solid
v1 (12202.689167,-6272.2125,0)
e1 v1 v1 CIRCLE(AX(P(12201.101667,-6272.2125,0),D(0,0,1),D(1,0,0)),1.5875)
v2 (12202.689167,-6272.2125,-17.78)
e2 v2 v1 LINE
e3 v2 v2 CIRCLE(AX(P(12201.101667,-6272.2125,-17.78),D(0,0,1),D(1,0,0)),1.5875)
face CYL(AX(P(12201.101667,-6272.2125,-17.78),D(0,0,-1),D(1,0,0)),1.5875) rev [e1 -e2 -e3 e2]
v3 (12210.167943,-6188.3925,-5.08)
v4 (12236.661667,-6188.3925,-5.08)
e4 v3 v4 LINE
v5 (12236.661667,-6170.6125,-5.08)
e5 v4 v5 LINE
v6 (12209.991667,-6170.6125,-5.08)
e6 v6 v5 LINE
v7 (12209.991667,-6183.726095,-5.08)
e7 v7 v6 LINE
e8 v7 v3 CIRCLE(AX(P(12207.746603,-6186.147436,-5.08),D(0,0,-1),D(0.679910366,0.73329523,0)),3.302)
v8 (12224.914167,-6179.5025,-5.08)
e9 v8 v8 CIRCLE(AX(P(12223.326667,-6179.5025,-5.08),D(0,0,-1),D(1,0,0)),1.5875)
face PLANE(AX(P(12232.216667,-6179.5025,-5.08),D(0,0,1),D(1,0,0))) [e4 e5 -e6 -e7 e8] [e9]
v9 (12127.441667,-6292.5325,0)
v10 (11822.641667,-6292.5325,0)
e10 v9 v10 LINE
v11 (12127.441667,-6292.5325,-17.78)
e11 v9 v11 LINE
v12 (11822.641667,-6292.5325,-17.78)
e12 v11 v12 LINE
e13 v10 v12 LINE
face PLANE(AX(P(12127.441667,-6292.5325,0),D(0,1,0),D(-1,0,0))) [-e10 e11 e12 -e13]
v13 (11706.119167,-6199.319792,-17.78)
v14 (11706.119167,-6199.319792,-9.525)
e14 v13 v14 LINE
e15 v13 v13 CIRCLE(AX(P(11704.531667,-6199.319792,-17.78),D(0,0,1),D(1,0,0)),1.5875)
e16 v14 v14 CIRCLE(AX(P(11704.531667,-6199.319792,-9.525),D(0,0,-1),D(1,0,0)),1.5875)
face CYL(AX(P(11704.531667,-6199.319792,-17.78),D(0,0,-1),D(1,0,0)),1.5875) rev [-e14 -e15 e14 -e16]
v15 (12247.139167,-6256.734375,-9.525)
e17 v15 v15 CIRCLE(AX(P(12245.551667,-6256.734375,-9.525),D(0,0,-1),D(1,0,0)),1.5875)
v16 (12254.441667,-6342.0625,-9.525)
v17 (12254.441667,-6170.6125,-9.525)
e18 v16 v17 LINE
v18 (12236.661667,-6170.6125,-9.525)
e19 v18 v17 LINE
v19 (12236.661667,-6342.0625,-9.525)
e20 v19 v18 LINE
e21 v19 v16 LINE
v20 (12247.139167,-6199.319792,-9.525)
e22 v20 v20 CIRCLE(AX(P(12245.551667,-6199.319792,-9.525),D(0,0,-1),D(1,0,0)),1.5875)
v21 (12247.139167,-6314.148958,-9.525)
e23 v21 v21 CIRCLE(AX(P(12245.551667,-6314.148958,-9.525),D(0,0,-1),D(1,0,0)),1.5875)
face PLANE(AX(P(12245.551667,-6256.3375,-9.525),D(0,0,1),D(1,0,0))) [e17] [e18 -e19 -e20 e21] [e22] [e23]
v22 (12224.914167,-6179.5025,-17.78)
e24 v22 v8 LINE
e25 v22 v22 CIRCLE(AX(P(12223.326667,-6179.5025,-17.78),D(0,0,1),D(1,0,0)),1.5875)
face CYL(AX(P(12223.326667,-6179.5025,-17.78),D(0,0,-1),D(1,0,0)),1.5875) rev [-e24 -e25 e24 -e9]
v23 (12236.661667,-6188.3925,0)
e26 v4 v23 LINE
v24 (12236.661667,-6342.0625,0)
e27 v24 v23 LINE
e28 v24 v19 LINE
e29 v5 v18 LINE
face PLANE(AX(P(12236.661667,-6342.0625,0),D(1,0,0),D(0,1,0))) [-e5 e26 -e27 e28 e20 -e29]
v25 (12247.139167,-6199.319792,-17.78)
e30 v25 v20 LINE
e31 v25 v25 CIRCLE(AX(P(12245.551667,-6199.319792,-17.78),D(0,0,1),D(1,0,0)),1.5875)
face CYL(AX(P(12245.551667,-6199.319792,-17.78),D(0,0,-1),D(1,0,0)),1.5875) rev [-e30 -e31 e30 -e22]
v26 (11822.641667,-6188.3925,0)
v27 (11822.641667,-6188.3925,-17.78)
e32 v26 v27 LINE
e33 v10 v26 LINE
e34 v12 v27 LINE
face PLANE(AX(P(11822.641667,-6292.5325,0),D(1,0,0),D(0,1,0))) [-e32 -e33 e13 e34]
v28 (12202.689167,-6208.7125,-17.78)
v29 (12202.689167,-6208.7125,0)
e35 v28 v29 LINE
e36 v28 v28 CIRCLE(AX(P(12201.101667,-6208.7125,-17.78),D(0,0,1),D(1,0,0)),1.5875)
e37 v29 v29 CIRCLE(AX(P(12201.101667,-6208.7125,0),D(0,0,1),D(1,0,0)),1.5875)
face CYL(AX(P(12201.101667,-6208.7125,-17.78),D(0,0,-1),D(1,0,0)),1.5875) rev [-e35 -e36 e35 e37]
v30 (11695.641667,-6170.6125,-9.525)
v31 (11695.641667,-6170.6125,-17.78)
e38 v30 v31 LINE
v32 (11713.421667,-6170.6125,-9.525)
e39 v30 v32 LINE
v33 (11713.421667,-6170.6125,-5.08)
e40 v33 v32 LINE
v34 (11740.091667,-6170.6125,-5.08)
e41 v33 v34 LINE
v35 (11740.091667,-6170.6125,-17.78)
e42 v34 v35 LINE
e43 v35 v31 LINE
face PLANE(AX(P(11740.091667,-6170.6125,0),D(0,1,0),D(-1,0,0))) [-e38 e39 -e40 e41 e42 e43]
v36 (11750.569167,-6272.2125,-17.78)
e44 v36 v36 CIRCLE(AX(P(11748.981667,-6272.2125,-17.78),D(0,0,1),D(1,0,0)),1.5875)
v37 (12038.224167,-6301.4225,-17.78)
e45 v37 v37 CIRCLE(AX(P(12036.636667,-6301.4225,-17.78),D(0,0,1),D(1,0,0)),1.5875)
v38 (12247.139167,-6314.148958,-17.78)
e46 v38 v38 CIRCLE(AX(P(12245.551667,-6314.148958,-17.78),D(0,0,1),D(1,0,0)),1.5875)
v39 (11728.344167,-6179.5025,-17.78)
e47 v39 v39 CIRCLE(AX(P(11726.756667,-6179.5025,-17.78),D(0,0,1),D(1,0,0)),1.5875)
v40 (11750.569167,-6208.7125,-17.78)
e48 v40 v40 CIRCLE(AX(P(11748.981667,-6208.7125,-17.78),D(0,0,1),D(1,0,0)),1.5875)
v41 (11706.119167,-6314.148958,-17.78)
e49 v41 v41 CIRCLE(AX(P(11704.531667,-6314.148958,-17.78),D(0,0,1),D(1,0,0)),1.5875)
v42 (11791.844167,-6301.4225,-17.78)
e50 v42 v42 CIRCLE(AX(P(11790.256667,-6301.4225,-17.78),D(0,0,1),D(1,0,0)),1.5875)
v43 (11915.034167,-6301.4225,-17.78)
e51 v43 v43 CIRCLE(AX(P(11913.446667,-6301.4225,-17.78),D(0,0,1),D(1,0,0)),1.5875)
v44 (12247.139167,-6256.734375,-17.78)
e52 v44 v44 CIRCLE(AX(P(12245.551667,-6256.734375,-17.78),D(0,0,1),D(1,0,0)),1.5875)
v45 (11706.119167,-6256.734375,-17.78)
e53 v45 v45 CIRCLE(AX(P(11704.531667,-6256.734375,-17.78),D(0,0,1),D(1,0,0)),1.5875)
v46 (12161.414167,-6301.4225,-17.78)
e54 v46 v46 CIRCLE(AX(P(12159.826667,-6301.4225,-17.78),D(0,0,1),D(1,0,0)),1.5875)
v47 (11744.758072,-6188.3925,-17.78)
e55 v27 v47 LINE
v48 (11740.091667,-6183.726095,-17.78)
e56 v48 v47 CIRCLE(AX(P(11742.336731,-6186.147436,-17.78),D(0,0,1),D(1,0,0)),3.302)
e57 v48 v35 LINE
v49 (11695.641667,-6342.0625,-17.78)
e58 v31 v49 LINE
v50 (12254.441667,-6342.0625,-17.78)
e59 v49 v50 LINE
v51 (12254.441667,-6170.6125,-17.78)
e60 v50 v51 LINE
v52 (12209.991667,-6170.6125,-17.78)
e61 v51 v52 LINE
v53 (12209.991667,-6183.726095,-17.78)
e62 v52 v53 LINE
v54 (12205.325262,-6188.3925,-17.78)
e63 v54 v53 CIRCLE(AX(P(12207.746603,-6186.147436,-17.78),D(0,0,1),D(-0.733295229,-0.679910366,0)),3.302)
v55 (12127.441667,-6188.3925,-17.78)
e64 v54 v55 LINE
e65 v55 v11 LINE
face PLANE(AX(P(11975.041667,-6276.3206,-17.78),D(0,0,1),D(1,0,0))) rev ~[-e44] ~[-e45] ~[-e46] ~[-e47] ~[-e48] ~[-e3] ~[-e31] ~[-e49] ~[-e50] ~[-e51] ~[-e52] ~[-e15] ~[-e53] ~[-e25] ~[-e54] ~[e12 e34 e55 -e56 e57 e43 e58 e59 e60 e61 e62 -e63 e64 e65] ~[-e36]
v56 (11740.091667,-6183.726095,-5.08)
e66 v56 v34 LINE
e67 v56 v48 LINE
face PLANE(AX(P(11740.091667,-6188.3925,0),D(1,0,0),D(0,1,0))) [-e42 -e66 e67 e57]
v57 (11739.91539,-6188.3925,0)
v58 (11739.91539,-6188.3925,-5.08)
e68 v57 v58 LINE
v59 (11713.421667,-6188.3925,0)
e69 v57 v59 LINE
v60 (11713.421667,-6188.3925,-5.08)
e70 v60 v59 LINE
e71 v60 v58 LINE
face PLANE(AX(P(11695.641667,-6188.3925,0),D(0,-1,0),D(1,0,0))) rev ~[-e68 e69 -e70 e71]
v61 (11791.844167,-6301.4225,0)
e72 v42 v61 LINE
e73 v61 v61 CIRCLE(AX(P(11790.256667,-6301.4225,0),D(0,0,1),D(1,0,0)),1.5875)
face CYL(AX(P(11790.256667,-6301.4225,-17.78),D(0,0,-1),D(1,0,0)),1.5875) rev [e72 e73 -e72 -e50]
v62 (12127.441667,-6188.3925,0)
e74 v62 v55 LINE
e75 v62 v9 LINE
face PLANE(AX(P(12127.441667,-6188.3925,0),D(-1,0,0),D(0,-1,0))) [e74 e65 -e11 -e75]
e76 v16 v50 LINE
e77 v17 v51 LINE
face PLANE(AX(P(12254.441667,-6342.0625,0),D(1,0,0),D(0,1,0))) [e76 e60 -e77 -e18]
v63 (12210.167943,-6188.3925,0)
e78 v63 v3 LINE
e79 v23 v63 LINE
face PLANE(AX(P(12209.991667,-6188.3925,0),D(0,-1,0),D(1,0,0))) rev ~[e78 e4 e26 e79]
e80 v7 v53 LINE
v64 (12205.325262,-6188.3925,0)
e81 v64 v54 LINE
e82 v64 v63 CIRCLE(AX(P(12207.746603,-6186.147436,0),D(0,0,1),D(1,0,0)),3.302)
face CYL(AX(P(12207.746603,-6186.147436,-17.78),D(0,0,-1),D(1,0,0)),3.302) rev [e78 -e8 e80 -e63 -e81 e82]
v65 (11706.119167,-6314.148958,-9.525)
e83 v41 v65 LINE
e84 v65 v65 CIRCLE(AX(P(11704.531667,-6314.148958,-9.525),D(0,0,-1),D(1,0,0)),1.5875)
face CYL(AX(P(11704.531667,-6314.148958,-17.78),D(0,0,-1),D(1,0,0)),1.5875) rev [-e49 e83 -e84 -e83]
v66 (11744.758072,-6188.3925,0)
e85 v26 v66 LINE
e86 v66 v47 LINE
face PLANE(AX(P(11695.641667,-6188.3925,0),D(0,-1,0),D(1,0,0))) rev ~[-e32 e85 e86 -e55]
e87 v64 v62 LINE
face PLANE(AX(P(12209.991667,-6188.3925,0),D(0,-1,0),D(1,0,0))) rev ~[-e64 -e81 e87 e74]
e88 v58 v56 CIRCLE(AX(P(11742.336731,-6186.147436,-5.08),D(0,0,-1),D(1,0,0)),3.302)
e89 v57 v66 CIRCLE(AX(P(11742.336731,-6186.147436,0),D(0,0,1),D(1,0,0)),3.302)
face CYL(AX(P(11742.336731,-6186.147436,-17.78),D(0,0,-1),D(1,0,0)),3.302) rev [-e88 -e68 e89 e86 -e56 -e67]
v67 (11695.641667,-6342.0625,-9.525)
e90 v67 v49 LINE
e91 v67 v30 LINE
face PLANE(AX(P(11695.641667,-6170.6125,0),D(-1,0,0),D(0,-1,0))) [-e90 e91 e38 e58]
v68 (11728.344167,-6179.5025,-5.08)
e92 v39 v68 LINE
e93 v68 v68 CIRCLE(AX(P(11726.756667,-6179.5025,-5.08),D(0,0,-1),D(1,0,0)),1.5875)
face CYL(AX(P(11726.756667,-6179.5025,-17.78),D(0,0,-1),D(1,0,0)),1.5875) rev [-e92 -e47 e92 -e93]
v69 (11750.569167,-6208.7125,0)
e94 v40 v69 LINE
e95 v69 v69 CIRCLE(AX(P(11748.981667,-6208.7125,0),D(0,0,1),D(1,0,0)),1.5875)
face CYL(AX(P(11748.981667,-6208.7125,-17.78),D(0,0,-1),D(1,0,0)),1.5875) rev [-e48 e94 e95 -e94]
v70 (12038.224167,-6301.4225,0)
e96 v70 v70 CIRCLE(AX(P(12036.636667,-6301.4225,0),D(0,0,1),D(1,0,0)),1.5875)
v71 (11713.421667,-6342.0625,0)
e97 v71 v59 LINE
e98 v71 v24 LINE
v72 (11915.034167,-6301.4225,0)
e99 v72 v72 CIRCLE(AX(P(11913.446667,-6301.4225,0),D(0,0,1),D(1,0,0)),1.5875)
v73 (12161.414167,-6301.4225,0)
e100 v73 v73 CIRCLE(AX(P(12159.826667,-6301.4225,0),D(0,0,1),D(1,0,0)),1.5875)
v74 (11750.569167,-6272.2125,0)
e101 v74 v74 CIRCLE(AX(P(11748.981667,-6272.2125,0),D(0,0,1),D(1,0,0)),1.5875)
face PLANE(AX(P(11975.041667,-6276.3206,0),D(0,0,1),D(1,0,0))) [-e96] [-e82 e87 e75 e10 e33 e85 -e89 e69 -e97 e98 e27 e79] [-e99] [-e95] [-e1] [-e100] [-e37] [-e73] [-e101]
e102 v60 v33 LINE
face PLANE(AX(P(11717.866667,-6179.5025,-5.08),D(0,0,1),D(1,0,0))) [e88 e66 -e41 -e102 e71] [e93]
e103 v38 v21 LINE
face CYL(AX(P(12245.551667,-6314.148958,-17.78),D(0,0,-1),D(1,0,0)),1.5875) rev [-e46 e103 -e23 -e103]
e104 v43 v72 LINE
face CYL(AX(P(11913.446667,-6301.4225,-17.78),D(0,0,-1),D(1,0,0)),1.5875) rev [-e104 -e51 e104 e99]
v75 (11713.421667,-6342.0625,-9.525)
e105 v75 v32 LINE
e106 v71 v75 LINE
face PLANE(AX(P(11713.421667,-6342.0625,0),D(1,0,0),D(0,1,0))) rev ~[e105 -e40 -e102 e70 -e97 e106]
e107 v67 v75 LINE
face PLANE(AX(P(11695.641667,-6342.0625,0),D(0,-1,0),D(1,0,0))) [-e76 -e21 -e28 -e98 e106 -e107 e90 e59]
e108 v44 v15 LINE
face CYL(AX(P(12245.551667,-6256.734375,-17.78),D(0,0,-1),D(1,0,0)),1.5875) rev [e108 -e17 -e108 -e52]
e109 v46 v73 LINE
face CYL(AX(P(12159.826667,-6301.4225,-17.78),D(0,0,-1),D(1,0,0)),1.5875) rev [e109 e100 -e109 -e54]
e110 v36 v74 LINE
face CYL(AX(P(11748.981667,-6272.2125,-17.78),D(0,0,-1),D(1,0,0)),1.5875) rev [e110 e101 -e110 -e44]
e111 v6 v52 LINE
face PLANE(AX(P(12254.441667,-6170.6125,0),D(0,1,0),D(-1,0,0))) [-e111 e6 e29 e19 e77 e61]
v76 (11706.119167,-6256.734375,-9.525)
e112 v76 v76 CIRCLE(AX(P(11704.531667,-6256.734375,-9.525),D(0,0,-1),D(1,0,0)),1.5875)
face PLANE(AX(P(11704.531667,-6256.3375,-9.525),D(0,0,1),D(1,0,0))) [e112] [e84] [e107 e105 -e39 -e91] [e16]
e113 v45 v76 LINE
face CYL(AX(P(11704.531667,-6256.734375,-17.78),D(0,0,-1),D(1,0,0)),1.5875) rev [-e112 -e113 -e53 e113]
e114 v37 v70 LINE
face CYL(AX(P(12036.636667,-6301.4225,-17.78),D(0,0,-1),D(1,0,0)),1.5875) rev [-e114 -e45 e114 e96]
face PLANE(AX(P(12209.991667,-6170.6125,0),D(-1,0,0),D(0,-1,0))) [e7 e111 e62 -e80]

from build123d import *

# Parameters (mm, degrees)
EXTRUDE1_DEPTH     = 17.78
SKETCH3_W          = 44.45
SKETCH3_H          = 17.78
CUT_EXTRUDE1_DEPTH = 5.08
SKETCH4_W          = 17.78
SKETCH4_H          = 171.45
CUT_EXTRUDE2_DEPTH = 9.525
CUT_EXTRUDE3_START = -17.78
SKETCH5_R          = 1.5875
SKETCH5_R_2        = 3.302
CUT_EXTRUDE3_DEPTH = 17.78


with BuildPart() as part:
    # Sketch2 → Extrude1 (new body)
    with BuildSketch(Plane.XY):
        Polygon((12254.441666666, -6342.0625), (12254.441666666, -6170.6125), (12209.991666666, -6170.6125), (12209.991666666, -6188.3925), (12127.441666666, -6188.3925), (12127.441666666, -6292.5325), (11822.641666666, -6292.5325), (11822.641666666, -6188.3925), (11740.091666666, -6188.3925), (11740.091666666, -6170.6125), (11695.641666666, -6170.6125), (11695.641666666, -6342.0625), align=None)
    extrude(amount=-EXTRUDE1_DEPTH)

    # Sketch3 → Cut-Extrude1 (cut)
    with BuildSketch(Plane.XY):
        with Locations((11717.866666666, -6179.5025)):
            Rectangle(SKETCH3_W, SKETCH3_H)
        with Locations((12232.216666666, -6179.5025)):
            Rectangle(SKETCH3_W, SKETCH3_H)
    extrude(amount=-CUT_EXTRUDE1_DEPTH, mode=Mode.SUBTRACT)

    # Sketch4 → Cut-Extrude2 (cut)
    with BuildSketch(Plane.XY):
        with Locations((11704.531666666, -6256.3375)):
            Rectangle(SKETCH4_W, SKETCH4_H)
        with Locations((12245.551666666, -6256.3375)):
            Rectangle(SKETCH4_W, SKETCH4_H)
    extrude(amount=-CUT_EXTRUDE2_DEPTH, mode=Mode.SUBTRACT)

    # Sketch5 → Cut-Extrude3 (cut)
    with BuildSketch(Plane.XY.offset(CUT_EXTRUDE3_START)):
        with Locations((11704.531666666, -6314.148958334)):
            Circle(SKETCH5_R)
        with Locations((11704.531666666, -6256.734375)):
            Circle(SKETCH5_R)
        with Locations((11704.531666666, -6199.319791666)):
            Circle(SKETCH5_R)
        with Locations((11726.756666666, -6179.5025)):
            Circle(SKETCH5_R)
        with Locations((11748.981666666, -6208.7125)):
            Circle(SKETCH5_R)
        with Locations((11748.981666666, -6272.2125)):
            Circle(SKETCH5_R)
        with Locations((11790.256666666, -6301.4225)):
            Circle(SKETCH5_R)
        with Locations((11913.446666666, -6301.4225)):
            Circle(SKETCH5_R)
        with Locations((12036.636666666, -6301.4225)):
            Circle(SKETCH5_R)
        with Locations((12159.826666666, -6301.4225)):
            Circle(SKETCH5_R)
        with Locations((12245.551666666, -6314.148958334)):
            Circle(SKETCH5_R)
        with Locations((12245.551666666, -6256.734375)):
            Circle(SKETCH5_R)
        with Locations((12201.101666666, -6272.2125)):
            Circle(SKETCH5_R)
        with Locations((12201.101666666, -6208.7125)):
            Circle(SKETCH5_R)
        with Locations((12245.551666666, -6199.319791666)):
            Circle(SKETCH5_R)
        with Locations((12223.326666666, -6179.5025)):
            Circle(SKETCH5_R)
        with Locations((11742.336730696, -6186.14743597)):
            Circle(SKETCH5_R_2)
        with Locations((12207.746602636, -6186.14743597)):
            Circle(SKETCH5_R_2)
    extrude(amount=CUT_EXTRUDE3_DEPTH, mode=Mode.SUBTRACT)


solid = part.part
